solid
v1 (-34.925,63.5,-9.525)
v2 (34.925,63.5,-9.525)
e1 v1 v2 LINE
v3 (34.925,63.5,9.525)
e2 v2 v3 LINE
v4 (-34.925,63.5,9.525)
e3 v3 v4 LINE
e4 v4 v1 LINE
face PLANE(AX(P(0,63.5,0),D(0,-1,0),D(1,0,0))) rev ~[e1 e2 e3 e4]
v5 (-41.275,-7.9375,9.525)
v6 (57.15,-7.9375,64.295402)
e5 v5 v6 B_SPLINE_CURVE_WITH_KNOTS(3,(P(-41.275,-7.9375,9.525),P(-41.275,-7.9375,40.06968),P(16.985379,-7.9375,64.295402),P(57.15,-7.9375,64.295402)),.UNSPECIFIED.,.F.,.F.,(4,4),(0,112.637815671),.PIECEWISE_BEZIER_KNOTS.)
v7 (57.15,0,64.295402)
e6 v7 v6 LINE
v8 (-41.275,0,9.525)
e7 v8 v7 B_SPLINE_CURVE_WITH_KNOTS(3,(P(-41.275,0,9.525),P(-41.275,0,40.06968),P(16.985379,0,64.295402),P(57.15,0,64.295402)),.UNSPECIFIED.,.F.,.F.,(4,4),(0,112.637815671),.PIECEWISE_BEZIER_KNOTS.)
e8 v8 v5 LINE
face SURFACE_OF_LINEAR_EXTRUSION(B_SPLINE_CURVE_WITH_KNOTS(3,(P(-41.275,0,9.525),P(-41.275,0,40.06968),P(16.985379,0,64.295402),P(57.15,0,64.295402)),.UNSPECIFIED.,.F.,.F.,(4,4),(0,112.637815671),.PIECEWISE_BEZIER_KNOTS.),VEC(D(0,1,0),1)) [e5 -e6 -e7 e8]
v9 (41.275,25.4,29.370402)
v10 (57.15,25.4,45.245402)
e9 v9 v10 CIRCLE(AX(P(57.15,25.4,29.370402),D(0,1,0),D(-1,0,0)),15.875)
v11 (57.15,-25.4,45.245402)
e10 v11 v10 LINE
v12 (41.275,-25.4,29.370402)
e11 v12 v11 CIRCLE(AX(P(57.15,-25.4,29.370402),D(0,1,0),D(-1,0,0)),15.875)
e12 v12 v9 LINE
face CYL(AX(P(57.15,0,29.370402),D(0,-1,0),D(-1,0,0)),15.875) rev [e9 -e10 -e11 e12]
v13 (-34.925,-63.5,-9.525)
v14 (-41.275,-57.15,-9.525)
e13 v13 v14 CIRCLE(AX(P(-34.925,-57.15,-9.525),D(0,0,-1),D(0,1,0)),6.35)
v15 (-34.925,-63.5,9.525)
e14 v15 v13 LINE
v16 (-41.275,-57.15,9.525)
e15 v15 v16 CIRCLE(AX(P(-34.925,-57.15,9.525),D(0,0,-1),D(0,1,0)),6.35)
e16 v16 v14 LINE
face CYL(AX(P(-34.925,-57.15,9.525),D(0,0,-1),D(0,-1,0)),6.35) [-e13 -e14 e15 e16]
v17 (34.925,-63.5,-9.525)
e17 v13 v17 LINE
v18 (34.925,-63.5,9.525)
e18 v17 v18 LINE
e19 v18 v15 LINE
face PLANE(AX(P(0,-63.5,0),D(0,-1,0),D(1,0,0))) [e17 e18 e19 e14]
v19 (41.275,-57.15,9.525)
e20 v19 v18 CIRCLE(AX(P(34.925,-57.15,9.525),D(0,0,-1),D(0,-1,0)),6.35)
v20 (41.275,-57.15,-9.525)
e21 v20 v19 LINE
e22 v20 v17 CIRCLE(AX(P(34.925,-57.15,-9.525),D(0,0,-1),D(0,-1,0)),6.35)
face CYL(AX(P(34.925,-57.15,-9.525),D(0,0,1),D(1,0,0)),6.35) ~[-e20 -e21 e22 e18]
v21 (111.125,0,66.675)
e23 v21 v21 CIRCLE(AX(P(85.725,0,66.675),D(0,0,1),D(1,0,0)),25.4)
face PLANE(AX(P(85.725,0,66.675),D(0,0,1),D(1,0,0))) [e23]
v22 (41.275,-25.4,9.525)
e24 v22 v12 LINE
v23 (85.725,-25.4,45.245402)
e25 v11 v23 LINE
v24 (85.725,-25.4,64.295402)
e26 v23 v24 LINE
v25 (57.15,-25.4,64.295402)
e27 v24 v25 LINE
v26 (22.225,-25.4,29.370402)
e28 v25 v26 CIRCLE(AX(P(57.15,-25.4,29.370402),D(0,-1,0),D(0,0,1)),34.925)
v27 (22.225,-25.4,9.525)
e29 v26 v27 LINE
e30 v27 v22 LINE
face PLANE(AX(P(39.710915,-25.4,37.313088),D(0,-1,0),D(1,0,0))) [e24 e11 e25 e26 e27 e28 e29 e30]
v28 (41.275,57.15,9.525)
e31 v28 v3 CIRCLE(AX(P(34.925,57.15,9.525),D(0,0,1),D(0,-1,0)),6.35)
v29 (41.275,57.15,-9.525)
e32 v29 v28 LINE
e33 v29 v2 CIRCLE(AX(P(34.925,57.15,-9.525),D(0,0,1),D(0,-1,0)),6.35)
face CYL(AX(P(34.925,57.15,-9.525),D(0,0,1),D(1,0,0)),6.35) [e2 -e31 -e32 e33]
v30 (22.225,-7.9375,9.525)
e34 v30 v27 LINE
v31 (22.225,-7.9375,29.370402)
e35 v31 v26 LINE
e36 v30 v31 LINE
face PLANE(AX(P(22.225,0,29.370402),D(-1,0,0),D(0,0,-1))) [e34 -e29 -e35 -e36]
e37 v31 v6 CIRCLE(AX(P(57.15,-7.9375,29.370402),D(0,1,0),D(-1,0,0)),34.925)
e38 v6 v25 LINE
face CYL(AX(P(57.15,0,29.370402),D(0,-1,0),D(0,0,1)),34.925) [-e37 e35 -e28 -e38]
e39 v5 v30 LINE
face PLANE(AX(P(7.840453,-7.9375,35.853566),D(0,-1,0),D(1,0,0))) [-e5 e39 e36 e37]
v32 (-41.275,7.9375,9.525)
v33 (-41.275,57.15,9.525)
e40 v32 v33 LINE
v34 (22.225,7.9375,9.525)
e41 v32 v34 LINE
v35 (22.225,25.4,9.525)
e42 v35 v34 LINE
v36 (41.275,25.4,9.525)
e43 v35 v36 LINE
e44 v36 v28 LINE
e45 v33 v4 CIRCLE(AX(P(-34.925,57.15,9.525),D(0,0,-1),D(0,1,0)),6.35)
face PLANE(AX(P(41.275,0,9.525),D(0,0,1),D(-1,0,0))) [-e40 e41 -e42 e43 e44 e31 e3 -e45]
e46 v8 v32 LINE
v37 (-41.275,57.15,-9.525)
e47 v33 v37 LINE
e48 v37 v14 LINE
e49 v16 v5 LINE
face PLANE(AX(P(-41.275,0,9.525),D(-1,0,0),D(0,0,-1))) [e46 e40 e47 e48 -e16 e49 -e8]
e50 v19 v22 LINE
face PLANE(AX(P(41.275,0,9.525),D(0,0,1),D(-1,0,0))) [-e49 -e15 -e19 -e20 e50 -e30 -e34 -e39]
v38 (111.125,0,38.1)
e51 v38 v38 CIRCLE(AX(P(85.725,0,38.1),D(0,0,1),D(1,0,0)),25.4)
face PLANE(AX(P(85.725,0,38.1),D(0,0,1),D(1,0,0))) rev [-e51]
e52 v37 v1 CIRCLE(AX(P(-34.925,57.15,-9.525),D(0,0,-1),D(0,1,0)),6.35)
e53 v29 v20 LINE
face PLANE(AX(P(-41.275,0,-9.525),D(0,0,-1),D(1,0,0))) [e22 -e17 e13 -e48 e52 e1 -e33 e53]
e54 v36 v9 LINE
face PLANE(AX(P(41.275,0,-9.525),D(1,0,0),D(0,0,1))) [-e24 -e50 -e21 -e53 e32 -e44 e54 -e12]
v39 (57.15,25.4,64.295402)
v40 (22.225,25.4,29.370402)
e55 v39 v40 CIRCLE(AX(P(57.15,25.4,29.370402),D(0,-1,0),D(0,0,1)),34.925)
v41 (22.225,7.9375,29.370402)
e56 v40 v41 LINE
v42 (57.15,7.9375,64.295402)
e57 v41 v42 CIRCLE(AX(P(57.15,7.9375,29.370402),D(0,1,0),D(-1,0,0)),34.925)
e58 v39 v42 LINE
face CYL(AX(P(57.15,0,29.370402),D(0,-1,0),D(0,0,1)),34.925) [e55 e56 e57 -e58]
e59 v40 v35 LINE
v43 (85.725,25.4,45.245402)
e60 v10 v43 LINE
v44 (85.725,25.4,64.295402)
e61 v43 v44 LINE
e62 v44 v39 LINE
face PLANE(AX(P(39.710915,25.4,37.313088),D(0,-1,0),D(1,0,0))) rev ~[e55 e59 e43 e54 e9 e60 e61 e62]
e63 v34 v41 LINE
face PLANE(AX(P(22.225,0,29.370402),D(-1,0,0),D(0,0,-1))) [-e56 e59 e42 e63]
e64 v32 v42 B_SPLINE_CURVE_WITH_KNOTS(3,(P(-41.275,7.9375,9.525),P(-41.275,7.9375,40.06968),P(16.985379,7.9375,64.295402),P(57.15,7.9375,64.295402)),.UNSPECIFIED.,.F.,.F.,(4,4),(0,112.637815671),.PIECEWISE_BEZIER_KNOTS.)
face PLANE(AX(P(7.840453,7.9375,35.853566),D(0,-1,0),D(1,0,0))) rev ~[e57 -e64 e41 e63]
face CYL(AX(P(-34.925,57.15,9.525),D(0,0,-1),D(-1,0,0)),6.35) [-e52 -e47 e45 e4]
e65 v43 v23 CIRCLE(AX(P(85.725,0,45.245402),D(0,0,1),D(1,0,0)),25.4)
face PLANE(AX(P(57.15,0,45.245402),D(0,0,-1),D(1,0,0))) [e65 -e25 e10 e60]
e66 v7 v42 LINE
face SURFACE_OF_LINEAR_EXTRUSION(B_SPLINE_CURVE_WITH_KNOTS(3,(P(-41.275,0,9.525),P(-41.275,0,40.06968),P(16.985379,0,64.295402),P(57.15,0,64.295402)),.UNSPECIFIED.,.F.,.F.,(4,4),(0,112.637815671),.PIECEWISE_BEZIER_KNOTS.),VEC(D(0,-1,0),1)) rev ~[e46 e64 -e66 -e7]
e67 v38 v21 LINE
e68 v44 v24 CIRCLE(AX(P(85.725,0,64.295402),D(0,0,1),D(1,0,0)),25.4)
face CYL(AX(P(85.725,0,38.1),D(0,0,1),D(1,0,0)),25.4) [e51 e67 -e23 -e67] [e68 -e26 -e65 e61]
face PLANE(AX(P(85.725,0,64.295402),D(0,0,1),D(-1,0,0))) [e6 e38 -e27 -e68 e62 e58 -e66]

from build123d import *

# Parameters (mm, degrees)
F1_DEPTH = 63.5
F0_W     = 25.4
F0_H     = 19.05
F2_DEPTH = 25.4
F3_DEPTH = 7.9375
F5_R     = 6.35


with BuildPart() as f1:
    # F0 (on Front) → F1 (new body, symmetric)
    with BuildSketch(Plane.XZ):
        Polygon((22.225, 9.525), (-41.275, 9.525), (-41.275, -9.525), (41.275, -9.525), (41.275, 9.525), align=None)
    extrude(amount=F1_DEPTH, both=True)

    # F0 (on Front) → F2 (join, symmetric)
    with BuildSketch(Plane.XZ):
        with BuildLine():
            Line((57.15, 45.2454016253), (60.325, 45.2454016253))
            Line((60.325, 45.2454016253), (60.325, 64.2954016253))
            Line((60.325, 64.2954016253), (57.15, 64.2954016253))
            ThreePointArc((57.15, 64.2954016253), (32.4542956671, 54.0661059583), (22.225, 29.3704016253))
            Line((22.225, 29.3704016253), (22.225, 9.525))
            Line((22.225, 9.525), (41.275, 9.525))
            Line((41.275, 9.525), (41.275, 29.3704016253))
            ThreePointArc((41.275, 29.3704016253), (45.9246798487, 40.5957217767), (57.15, 45.2454016253))
        make_face()
        with Locations((73.025, 54.7704016253)):
            Rectangle(F0_W, F0_H)
    extrude(amount=F2_DEPTH, both=True)

    # F0 (on Front) → F3 (join, symmetric)
    with BuildSketch(Plane.XZ):
        with BuildLine():
            ThreePointArc((22.225, 29.3704016253), (32.4542956671, 54.0661059583), (57.15, 64.2954016253))
            add(Edge.make_bspline(
                [(-41.275, 9.525), (-41.275, 40.0696797542), (16.9853791595, 64.2954016253), (57.15, 64.2954016253)],
                knots=[0, 0, 0, 0, 112.6378156713, 112.6378156713, 112.6378156713, 112.6378156713], degree=3))
            Line((-41.275, 9.525), (22.225, 9.525))
            Line((22.225, 9.525), (22.225, 29.3704016253))
        make_face()
    extrude(amount=F3_DEPTH, both=True)

    # F0 (on Front) → F4 (revolve)
    with BuildSketch(Plane.XZ):
        Polygon((85.725, 45.2454016253), (85.725, 38.1), (111.125, 38.1), (111.125, 66.675), (85.725, 66.675), (85.725, 64.2954016253), align=None)
    revolve(axis=Axis((85.725, 0, 52.3875), (0, 0, 1)))

    # F5
    f5_edges = [f1.edges().sort_by_distance(p)[0] for p in [
        (-41.275, -63.5, 0),
        (41.275, -63.5, 0),
        (41.275, 63.5, 0),
        (-41.275, 63.5, 0),
    ]]
    fillet(f5_edges, radius=F5_R)


solid = f1.part
